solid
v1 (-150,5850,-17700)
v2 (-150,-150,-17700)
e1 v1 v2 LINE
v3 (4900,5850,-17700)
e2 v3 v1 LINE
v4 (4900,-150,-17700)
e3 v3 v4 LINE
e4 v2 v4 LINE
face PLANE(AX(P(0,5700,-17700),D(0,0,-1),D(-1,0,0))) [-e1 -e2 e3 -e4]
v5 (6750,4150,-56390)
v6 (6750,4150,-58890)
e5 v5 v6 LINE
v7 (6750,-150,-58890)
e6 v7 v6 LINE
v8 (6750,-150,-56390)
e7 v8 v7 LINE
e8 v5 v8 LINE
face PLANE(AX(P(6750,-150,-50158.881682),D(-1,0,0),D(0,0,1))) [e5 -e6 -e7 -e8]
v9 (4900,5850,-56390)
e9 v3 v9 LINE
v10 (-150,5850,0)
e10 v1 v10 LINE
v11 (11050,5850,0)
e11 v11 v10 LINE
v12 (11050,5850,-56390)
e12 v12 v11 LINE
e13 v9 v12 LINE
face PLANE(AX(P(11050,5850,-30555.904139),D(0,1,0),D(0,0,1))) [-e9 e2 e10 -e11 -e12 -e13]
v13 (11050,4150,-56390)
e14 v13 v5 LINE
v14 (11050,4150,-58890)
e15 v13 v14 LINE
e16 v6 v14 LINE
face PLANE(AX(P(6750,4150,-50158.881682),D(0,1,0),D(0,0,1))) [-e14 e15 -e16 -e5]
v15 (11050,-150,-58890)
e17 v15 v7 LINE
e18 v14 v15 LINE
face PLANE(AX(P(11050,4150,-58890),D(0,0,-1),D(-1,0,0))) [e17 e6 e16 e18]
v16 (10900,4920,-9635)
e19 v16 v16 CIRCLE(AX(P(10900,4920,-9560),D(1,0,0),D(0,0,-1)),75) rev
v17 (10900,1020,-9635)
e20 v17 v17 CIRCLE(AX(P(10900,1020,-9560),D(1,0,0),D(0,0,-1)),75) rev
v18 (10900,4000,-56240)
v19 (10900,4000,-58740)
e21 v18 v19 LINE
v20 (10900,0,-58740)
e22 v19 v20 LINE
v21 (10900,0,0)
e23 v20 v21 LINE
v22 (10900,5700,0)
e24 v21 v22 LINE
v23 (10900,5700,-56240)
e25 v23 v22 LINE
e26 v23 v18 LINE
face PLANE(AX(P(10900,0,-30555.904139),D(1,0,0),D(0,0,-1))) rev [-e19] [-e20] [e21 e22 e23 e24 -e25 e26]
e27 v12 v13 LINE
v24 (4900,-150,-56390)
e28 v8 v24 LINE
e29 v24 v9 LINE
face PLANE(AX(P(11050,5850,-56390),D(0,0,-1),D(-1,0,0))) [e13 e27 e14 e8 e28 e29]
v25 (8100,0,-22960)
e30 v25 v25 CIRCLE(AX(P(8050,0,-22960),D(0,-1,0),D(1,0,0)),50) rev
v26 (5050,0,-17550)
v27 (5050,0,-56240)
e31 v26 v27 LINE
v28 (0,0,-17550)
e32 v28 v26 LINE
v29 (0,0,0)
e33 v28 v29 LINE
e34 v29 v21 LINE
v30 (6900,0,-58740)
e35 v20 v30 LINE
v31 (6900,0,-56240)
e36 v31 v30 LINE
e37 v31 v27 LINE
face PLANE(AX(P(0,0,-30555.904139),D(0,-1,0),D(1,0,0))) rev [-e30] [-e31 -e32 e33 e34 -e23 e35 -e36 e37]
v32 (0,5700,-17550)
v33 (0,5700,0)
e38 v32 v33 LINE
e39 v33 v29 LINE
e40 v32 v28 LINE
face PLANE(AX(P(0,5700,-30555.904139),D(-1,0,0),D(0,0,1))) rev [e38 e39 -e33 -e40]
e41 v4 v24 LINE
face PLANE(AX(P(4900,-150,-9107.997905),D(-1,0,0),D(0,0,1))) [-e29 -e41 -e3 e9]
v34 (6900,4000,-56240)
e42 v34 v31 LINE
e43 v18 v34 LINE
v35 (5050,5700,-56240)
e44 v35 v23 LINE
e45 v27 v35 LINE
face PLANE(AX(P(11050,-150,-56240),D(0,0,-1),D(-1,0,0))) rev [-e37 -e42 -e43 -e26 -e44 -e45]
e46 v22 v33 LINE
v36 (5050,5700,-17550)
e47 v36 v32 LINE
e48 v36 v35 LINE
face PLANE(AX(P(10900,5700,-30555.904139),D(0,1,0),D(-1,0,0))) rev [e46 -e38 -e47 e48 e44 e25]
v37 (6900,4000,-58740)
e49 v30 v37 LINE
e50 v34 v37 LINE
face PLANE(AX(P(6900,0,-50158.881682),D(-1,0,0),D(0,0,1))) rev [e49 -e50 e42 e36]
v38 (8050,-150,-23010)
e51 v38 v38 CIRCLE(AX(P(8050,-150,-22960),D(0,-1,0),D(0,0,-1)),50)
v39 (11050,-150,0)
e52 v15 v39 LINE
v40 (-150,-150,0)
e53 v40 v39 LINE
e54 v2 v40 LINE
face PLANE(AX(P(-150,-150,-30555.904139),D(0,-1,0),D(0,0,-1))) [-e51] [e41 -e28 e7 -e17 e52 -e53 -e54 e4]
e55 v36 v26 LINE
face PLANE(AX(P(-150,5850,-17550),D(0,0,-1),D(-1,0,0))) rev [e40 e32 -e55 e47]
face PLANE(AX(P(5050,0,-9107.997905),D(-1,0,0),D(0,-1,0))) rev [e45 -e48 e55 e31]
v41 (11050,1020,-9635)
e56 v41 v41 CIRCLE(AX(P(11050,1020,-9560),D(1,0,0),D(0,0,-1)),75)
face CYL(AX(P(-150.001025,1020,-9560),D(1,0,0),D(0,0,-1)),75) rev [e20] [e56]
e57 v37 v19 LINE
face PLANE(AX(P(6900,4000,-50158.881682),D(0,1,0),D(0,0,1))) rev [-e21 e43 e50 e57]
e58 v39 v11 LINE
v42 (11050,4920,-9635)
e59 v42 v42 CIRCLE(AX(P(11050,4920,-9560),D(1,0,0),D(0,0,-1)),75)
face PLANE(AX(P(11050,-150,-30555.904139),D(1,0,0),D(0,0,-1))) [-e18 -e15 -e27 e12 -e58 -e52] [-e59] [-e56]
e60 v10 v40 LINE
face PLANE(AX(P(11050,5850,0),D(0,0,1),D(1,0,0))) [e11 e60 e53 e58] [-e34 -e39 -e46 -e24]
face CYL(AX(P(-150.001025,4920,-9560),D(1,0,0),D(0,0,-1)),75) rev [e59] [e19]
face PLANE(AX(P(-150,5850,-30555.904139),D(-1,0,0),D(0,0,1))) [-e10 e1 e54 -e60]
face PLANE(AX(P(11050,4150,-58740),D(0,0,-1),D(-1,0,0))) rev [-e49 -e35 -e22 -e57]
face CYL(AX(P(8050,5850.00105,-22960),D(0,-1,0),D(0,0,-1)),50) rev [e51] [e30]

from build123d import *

# Parameters (mm, degrees)
SKETCH1_W          = 11200
SKETCH1_H          = 6000
SKETCH1_W_2        = 10900
SKETCH1_H_2        = 5700
EXTRUDE1_DEPTH     = 17700
SKETCH2_W          = 6150
SKETCH2_H          = 6000
SKETCH2_W_2        = 5850
SKETCH2_H_2        = 5700
EXTRUDE2_DEPTH     = 38540
SKETCH3_W          = 4300
SKETCH3_H          = 4300
SKETCH3_W_2        = 4000
SKETCH3_H_2        = 4000
EXTRUDE3_DEPTH     = 2500
SKETCH4_W          = 4300
SKETCH4_H          = 4300
EXTRUDE4_DEPTH     = 150
EXTRUDE5_DEPTH     = 150
SKETCH6_W          = 5200
SKETCH6_H          = 6000
EXTRUDE7_DEPTH     = 150
CUT_EXTRUDE1_REACH = 11202
SKETCH7_R          = 75
CUT_EXTRUDE2_REACH = 6002
SKETCH8_R          = 50


with BuildPart() as part:
    # Sketch1 → Extrude1 (new body)
    with BuildSketch(Plane.XY):
        with Locations((5450, 2850)):
            Rectangle(SKETCH1_W, SKETCH1_H)
        with Locations((5450, 2850)):
            Rectangle(SKETCH1_W_2, SKETCH1_H_2, mode=Mode.SUBTRACT)
    extrude(amount=-EXTRUDE1_DEPTH)

    # Sketch2 → Extrude2 (add)
    with BuildSketch(Plane(origin=(0, 0, -56240), x_dir=(-1, 0, 0), z_dir=(0, 0, -1))):
        with Locations((-7975, 2850)):
            Rectangle(SKETCH2_W, SKETCH2_H)
        with Locations((-7975, 2850)):
            Rectangle(SKETCH2_W_2, SKETCH2_H_2, mode=Mode.SUBTRACT)
    extrude(amount=-EXTRUDE2_DEPTH)

    # Sketch3 → Extrude3 (add)
    with BuildSketch(Plane(origin=(0, 0, -58740), x_dir=(-1, 0, 0), z_dir=(0, 0, -1))):
        with Locations((-8900, 2000)):
            Rectangle(SKETCH3_W, SKETCH3_H)
        with Locations((-8900, 2000)):
            Rectangle(SKETCH3_W_2, SKETCH3_H_2, mode=Mode.SUBTRACT)
    extrude(amount=-EXTRUDE3_DEPTH)

    # Sketch4 → Extrude4 (add)
    with BuildSketch(Plane(origin=(0, 0, -58740), x_dir=(-1, 0, 0), z_dir=(0, 0, -1))):
        with Locations((-8900, 2000)):
            Rectangle(SKETCH4_W, SKETCH4_H)
    extrude(amount=EXTRUDE4_DEPTH)

    # Sketch5 → Extrude5 (add)
    with BuildSketch(Plane(origin=(0, 0, -56240), x_dir=(-1, 0, 0), z_dir=(0, 0, -1))):
        Polygon((-11050, 5850), (-11050, 4150), (-6750, 4150), (-6750, -150), (-4900, -150), (-4900, 5850), align=None)
    extrude(amount=EXTRUDE5_DEPTH)

    # Sketch6 → Extrude7 (add)
    with BuildSketch(Plane(origin=(0, 0, -17700), x_dir=(-1, 0, 0), z_dir=(0, 0, -1))):
        with Locations((-2450, 2850)):
            Rectangle(SKETCH6_W, SKETCH6_H)
    extrude(amount=-EXTRUDE7_DEPTH)

    # Sketch7 → Cut-Extrude1 (cut, up to next)
    with BuildSketch(Plane(origin=(11050, 0, 0), x_dir=(0, 0, -1), z_dir=(1, 0, 0)), mode=Mode.PRIVATE) as cut_extrude1_sk1:
        with Locations((9560, 4920)):
            Circle(SKETCH7_R)
    cut_extrude1_tool1 = extrude(cut_extrude1_sk1.sketch, amount=-CUT_EXTRUDE1_REACH, mode=Mode.PRIVATE) & part.part
    add(cut_extrude1_tool1.solids().sort_by_distance((11050, 4920, -9560))[0], mode=Mode.SUBTRACT)
    # Sketch7 → Cut-Extrude1 (cut, up to next)
    with BuildSketch(Plane(origin=(11050, 0, 0), x_dir=(0, 0, -1), z_dir=(1, 0, 0)), mode=Mode.PRIVATE) as cut_extrude1_sk2:
        with Locations((9560, 1020)):
            Circle(SKETCH7_R)
    cut_extrude1_tool2 = extrude(cut_extrude1_sk2.sketch, amount=-CUT_EXTRUDE1_REACH, mode=Mode.PRIVATE) & part.part
    add(cut_extrude1_tool2.solids().sort_by_distance((11050, 1020, -9560))[0], mode=Mode.SUBTRACT)

    # Sketch8 → Cut-Extrude2 (cut, up to next)
    with BuildSketch(Plane.XZ.offset(150), mode=Mode.PRIVATE) as cut_extrude2_sk1:
        with Locations(Location((8050, -22960, 0), (0, 0, 270))):  # turned: the seam where the file's is
            Circle(SKETCH8_R)
    cut_extrude2_tool1 = extrude(cut_extrude2_sk1.sketch, amount=-CUT_EXTRUDE2_REACH, mode=Mode.PRIVATE) & part.part
    add(cut_extrude2_tool1.solids().sort_by_distance((8050, -150, -22960))[0], mode=Mode.SUBTRACT)


solid = part.part
